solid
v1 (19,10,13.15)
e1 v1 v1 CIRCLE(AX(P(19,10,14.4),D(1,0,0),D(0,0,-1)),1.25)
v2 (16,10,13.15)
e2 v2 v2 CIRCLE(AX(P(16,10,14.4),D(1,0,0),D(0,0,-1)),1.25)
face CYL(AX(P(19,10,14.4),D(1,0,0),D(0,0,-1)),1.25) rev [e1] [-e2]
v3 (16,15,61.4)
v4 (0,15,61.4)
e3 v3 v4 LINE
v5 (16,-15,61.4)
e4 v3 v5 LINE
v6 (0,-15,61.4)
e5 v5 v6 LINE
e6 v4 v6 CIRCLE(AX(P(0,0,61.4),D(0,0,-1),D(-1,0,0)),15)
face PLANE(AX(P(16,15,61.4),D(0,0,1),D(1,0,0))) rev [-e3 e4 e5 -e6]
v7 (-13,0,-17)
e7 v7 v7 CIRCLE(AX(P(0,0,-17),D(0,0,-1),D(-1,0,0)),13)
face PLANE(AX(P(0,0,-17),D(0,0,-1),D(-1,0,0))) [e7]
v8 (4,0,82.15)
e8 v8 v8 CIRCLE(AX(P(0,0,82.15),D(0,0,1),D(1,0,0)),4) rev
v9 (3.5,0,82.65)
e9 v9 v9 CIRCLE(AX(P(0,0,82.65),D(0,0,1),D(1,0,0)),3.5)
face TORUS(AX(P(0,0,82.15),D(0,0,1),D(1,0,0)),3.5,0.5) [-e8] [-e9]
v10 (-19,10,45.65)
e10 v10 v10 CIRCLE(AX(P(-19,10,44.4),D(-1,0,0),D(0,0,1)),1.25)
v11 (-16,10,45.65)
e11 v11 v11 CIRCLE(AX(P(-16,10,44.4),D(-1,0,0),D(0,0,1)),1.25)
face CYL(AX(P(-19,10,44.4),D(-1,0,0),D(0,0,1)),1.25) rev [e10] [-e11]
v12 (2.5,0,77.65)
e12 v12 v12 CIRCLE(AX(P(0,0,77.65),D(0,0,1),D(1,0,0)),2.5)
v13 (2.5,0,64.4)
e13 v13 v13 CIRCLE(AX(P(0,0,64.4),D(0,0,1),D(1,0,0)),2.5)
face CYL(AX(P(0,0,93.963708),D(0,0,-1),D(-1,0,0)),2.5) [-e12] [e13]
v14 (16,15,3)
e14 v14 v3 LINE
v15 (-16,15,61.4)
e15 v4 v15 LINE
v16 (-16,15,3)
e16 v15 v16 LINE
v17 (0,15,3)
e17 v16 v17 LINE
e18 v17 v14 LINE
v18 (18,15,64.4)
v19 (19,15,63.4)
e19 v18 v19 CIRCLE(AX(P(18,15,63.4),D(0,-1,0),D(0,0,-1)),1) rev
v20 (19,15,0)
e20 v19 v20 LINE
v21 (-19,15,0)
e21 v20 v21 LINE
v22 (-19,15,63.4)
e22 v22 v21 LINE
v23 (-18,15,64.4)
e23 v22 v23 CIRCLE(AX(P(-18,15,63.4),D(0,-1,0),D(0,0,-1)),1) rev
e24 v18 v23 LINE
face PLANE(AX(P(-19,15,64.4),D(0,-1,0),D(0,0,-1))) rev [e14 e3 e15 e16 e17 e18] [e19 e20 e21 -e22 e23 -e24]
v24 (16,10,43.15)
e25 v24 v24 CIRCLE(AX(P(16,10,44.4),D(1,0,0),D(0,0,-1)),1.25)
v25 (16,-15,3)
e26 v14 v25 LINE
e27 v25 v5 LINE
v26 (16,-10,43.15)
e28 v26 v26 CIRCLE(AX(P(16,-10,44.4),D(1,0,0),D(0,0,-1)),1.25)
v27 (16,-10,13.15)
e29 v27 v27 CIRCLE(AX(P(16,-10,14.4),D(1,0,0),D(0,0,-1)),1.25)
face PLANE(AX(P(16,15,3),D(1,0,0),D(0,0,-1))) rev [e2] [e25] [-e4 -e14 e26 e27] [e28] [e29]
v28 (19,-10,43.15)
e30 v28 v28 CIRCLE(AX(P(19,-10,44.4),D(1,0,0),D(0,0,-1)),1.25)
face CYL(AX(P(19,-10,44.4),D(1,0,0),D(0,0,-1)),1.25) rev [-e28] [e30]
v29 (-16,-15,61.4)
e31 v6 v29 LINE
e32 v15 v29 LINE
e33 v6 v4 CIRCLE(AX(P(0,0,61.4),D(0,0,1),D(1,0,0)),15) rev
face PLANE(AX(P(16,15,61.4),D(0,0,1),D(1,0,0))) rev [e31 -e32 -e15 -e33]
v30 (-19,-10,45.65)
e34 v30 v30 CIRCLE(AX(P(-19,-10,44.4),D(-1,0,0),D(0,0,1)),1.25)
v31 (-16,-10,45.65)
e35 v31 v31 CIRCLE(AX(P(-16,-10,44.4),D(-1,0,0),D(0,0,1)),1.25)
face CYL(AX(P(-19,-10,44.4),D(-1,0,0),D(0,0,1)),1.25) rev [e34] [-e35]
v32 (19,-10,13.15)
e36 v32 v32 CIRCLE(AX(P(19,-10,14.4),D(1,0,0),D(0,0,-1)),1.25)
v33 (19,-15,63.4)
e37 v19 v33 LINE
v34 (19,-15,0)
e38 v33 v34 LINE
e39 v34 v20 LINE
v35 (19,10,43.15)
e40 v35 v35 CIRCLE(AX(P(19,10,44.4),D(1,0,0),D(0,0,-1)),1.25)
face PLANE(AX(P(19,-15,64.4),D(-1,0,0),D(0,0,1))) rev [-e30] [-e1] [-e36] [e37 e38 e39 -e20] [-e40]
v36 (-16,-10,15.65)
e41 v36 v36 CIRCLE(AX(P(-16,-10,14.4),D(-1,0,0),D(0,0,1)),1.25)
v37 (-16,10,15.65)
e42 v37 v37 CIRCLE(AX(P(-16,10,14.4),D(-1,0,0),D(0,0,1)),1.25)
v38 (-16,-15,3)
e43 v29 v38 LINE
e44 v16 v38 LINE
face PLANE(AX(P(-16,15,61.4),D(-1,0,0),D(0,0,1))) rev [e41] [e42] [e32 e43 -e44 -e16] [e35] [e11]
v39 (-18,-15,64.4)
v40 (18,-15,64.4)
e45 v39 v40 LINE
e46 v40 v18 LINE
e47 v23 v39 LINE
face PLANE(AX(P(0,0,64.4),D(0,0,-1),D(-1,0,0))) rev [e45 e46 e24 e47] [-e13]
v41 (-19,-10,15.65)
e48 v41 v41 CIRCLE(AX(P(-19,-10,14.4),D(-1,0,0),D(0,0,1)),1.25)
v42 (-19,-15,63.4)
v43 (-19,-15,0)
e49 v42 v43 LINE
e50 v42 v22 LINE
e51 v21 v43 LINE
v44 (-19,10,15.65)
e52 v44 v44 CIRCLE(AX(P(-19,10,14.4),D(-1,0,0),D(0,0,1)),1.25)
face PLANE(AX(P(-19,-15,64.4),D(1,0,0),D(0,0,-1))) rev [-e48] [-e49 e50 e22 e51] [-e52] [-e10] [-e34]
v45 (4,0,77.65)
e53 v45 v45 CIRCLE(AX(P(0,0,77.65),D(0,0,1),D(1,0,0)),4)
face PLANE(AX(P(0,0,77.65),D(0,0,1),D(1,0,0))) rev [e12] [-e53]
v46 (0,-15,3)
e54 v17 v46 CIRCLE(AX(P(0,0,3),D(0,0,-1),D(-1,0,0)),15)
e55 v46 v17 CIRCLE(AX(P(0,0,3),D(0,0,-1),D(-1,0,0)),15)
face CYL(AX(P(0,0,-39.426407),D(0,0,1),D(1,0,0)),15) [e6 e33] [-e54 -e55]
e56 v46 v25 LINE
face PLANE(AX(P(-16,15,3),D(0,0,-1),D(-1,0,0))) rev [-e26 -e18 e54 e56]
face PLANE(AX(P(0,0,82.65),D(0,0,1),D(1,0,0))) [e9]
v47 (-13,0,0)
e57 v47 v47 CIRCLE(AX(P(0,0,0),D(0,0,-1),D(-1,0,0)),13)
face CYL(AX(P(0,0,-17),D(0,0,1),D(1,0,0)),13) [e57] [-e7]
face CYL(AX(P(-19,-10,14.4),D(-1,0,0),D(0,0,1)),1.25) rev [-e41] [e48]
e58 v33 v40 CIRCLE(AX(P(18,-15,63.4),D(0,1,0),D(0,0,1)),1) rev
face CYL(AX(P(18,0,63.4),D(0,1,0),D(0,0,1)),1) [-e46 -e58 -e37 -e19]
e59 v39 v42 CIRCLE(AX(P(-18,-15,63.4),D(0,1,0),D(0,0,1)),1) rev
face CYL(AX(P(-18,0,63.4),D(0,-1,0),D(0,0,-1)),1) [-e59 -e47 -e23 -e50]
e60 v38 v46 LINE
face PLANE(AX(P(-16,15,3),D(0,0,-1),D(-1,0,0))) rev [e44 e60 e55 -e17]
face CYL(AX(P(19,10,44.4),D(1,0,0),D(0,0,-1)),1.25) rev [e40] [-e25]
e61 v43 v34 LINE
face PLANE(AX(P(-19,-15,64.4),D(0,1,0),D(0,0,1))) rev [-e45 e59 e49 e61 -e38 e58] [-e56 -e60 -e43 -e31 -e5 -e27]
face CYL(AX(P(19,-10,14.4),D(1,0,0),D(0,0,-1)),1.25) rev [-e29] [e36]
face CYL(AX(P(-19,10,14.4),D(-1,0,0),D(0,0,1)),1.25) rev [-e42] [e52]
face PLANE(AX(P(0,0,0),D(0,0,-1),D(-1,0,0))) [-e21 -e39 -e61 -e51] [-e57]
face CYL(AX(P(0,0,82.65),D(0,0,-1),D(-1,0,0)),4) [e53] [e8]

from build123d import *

# Parameters (mm, degrees)
SKETCH1_W                 = 38
SKETCH1_H                 = 30
BOSS_EXTRUDE1_DEPTH       = 64.4
SKETCH3_R                 = 13
BOSS_EXTRUDE3_DEPTH       = 17
SKETCH2_R                 = 4
BOSS_EXTRUDE4_DEPTH       = 18.25
SKETCH16_W                = 32
SKETCH16_H                = 58.4
CUT_EXTRUDE1_DEPTH        = 90.955669638
SKETCH17_R                = 15
BOSS_EXTRUDE9_DEPTH       = 58.4
FILLET1_R                 = 1
M3X0_5_TAPPED_HOLE1_D     = 2.5
M3X0_5_TAPPED_HOLE1_DEPTH = 3
M3X0_5_TAPPED_HOLE2_D     = 2.5
M3X0_5_TAPPED_HOLE2_DEPTH = 3
SKETCH22_R                = 4
SKETCH22_R_2              = 2.5
CUT_EXTRUDE2_DEPTH        = 13.25
FILLET2_R                 = 0.5


with BuildPart() as part:
    # Sketch1 → Boss-Extrude1 (new body)
    with BuildSketch(Plane.XY):
        Rectangle(SKETCH1_W, SKETCH1_H)
    extrude(amount=BOSS_EXTRUDE1_DEPTH)

    # Sketch3 → Boss-Extrude3 (add)
    with BuildSketch(Plane(origin=(0, 0, 0), x_dir=(-1, 0, 0), z_dir=(0, 0, -1))):
        Circle(SKETCH3_R)
    extrude(amount=BOSS_EXTRUDE3_DEPTH)

    # Sketch2 → Boss-Extrude4 (add)
    with BuildSketch(Plane.XY.offset(64.4)):
        with Locations(Location((0, 0, 0), (0, 0, 180))):
            Circle(SKETCH2_R)
    extrude(amount=BOSS_EXTRUDE4_DEPTH)

    # Sketch16 → Cut-Extrude1 (cut, through all)
    with BuildSketch(Plane.XZ.offset(15)):
        with Locations((0, 32.2)):
            Rectangle(SKETCH16_W, SKETCH16_H)
    extrude(amount=-CUT_EXTRUDE1_DEPTH, mode=Mode.SUBTRACT)

    # Sketch17 → Boss-Extrude9 (add)
    with BuildSketch(Plane(origin=(0, 0, 61.4), x_dir=(-1, 0, 0), z_dir=(0, 0, -1))):
        with Locations(Location((0, 0, 0), (0, 0, 270))):
            Circle(SKETCH17_R)
    extrude(amount=BOSS_EXTRUDE9_DEPTH)

    # Fillet1
    fillet1_edges = [part.edges().sort_by_distance(p)[0] for p in [
        (-19, 0, 64.4),
        (19, 0, 64.4),
    ]]
    fillet(fillet1_edges, radius=FILLET1_R)

    # M3x0.5 Tapped Hole1
    with Locations(Plane.ZY.offset(19)):
        with Locations((14.4, -10), (44.4, -10), (44.4, 10), (14.4, 10)):
            Hole(M3X0_5_TAPPED_HOLE1_D / 2, depth=M3X0_5_TAPPED_HOLE1_DEPTH)

    # M3x0.5 Tapped Hole2
    with Locations(Plane(origin=(19, 0, 0), x_dir=(0, 0, -1), z_dir=(1, 0, 0))):
        with Locations((-14.4, 10), (-14.4, -10), (-44.4, -10), (-44.4, 10)):
            Hole(M3X0_5_TAPPED_HOLE2_D / 2, depth=M3X0_5_TAPPED_HOLE2_DEPTH)

    # Sketch22 → Cut-Extrude2 (cut)
    with BuildSketch(Plane.XY.offset(64.4)):
        Circle(SKETCH22_R)
        Circle(SKETCH22_R_2, mode=Mode.SUBTRACT)
    extrude(amount=CUT_EXTRUDE2_DEPTH, mode=Mode.SUBTRACT)

    # Fillet2
    fillet2_edges = [part.edges().sort_by_distance(p)[0] for p in [
        (4, 0, 82.65),
    ]]
    fillet(fillet2_edges, radius=FILLET2_R)


solid = part.part
